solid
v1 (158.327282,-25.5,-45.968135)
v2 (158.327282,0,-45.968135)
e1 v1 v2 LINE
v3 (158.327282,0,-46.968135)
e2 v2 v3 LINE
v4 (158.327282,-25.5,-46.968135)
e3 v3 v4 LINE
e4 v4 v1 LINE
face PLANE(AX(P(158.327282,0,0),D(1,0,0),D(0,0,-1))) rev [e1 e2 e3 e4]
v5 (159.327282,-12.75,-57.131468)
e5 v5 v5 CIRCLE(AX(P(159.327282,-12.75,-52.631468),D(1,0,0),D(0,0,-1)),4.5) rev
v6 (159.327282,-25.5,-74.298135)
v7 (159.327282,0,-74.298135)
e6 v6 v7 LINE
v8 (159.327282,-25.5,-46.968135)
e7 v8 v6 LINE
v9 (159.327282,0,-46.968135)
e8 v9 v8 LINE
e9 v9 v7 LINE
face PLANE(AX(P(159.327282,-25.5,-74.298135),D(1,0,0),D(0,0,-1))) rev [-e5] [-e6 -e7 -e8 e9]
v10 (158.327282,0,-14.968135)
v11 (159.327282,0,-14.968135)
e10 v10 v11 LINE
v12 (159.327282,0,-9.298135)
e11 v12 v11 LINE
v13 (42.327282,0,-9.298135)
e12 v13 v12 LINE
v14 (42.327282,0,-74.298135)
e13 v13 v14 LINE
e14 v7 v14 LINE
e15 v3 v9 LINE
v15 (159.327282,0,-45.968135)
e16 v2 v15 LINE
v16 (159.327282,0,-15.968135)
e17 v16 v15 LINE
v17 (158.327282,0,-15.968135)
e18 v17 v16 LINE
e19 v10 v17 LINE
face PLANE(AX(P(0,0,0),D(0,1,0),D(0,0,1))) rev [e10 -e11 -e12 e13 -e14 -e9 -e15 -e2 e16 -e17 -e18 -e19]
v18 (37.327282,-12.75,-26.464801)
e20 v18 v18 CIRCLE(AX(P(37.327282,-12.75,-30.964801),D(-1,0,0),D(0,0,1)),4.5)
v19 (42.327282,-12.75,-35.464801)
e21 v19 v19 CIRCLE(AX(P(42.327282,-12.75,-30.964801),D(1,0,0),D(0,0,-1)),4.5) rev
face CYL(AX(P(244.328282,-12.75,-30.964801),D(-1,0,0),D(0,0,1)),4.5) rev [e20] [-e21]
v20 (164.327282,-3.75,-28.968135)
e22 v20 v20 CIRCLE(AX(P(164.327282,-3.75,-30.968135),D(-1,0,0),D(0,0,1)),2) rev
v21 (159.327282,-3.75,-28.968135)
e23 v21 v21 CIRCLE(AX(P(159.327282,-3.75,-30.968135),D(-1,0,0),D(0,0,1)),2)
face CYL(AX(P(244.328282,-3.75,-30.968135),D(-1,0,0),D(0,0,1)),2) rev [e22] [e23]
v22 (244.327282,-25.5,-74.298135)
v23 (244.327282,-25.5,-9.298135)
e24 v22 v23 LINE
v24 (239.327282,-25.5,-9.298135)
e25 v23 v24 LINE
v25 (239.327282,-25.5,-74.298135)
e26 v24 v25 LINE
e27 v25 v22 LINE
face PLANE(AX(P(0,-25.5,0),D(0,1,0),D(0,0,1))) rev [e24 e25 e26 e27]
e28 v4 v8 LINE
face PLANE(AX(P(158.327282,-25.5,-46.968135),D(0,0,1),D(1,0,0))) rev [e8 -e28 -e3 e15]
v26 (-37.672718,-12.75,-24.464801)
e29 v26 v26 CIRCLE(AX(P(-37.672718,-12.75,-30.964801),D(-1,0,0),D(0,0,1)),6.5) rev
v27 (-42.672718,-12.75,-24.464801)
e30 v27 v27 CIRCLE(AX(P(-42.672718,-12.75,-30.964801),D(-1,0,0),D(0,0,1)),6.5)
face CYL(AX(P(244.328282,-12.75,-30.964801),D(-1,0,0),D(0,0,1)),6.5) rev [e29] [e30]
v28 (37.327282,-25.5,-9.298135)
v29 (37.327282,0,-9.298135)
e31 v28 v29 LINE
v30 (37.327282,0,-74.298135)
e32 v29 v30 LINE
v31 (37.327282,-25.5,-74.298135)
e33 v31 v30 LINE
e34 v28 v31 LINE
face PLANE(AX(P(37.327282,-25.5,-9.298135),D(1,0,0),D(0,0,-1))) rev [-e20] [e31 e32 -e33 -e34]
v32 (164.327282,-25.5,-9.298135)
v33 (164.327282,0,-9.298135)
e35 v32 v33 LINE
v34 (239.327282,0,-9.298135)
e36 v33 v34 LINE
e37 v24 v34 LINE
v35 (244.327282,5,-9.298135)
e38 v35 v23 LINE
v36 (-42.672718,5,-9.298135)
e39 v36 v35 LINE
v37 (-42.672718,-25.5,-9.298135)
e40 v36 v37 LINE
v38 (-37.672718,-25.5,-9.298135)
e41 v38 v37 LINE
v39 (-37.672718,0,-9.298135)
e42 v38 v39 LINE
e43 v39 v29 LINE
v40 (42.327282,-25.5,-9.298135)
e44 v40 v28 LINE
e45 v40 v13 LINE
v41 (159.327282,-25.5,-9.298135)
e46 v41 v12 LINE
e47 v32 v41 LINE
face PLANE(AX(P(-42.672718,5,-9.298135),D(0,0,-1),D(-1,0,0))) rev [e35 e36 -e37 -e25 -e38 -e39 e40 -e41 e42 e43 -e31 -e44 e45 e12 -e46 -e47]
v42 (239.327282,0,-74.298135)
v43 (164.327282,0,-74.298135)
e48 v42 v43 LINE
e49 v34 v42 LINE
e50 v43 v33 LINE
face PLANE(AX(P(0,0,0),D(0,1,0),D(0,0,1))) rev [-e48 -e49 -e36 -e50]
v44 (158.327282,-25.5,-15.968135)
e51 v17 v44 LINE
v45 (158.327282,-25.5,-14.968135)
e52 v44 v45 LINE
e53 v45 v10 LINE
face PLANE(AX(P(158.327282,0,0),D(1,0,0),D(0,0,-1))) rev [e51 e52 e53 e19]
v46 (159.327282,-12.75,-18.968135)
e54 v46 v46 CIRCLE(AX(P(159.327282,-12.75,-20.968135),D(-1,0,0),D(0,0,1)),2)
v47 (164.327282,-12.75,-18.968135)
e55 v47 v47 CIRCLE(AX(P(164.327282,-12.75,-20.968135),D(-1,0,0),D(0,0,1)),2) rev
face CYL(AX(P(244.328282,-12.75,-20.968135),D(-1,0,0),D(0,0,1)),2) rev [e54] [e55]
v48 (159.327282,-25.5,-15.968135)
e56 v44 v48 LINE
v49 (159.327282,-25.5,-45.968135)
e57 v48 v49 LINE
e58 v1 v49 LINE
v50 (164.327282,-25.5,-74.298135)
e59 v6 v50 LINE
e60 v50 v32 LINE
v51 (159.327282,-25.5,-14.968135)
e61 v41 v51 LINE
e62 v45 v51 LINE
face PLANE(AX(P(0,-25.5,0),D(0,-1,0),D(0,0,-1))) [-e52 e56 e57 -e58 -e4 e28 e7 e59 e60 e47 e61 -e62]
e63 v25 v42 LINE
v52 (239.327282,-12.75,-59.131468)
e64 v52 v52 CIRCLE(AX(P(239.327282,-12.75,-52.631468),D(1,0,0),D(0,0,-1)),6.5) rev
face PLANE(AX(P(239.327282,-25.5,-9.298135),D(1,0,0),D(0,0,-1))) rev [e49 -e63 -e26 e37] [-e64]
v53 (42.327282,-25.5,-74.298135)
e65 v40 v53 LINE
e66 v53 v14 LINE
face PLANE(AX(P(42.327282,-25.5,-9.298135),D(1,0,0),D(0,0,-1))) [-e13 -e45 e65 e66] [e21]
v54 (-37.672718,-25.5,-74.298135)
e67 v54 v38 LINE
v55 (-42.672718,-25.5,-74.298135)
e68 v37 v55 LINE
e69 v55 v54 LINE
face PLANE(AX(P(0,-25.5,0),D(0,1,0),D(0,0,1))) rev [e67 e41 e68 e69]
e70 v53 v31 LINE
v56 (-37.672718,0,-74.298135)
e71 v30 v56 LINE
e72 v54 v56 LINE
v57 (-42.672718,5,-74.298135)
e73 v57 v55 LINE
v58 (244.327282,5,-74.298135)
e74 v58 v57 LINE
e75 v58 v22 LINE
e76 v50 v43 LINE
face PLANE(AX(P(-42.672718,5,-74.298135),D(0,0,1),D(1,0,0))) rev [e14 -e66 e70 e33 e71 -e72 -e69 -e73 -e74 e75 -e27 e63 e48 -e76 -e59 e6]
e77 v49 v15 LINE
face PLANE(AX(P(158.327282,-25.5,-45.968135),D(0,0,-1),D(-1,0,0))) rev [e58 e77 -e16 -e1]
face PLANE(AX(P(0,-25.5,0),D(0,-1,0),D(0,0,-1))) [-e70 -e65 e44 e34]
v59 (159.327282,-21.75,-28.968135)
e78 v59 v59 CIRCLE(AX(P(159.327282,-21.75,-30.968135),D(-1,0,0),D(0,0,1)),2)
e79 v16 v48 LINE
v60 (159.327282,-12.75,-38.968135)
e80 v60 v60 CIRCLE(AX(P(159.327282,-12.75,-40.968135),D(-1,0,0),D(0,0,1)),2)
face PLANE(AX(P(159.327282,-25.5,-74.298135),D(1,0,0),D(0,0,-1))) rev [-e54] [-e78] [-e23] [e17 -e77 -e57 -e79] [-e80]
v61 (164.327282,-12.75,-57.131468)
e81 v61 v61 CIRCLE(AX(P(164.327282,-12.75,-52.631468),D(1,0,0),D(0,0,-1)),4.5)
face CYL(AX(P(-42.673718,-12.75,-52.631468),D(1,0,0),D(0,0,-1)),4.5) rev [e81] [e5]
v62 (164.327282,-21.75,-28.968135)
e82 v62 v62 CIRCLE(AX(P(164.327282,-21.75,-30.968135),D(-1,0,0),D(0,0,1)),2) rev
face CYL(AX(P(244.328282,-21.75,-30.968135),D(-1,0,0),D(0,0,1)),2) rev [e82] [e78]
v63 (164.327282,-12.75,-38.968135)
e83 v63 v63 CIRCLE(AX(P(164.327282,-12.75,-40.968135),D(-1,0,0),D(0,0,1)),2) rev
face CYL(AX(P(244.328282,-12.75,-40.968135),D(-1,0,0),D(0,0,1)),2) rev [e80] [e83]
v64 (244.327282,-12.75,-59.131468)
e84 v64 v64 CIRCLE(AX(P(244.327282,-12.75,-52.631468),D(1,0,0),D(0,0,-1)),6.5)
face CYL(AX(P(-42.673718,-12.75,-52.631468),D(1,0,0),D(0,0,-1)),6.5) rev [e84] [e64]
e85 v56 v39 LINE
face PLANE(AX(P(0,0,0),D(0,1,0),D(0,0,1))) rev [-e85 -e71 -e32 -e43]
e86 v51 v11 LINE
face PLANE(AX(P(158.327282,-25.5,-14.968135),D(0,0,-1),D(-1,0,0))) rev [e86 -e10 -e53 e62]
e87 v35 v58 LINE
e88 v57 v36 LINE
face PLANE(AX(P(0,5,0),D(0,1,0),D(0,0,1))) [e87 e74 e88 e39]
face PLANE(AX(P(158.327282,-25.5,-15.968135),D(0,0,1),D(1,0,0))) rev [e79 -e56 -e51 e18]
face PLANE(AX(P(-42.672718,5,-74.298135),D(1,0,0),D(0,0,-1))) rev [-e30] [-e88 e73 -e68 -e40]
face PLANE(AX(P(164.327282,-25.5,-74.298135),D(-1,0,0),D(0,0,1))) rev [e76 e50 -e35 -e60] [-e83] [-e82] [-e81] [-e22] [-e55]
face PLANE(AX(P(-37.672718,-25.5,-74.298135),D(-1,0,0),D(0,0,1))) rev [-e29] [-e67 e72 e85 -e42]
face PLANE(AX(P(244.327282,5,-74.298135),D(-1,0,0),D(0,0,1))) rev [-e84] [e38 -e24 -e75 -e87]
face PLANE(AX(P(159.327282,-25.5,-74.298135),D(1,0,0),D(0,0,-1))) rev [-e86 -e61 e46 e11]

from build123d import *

# Parameters (mm, degrees)
SKETCH2_W           = 287
SKETCH2_H           = 65
BOSS_EXTRUDE1_DEPTH = 5
SKETCH4_W           = 5
SKETCH4_H           = 65
BOSS_EXTRUDE2_DEPTH = 25.5
SKETCH5_W           = 5
SKETCH5_H           = 65
BOSS_EXTRUDE3_DEPTH = 25.5
SKETCH6_W           = 5
SKETCH6_H           = 65
BOSS_EXTRUDE4_DEPTH = 25.5
SKETCH8_W           = 5
SKETCH8_H           = 65
BOSS_EXTRUDE5_DEPTH = 25.5
CUT_EXTRUDE1_REACH  = 299.556
SKETCH7_R           = 6.5
CUT_EXTRUDE2_REACH  = 299.556
SKETCH9_R           = 6.5
CUT_EXTRUDE3_REACH  = 223.403
SKETCH11_R          = 4.5
CUT_EXTRUDE4_REACH  = 223.403
SKETCH10_R          = 4.5
SKETCH14_W          = 1
SKETCH14_H          = 25.5
BOSS_EXTRUDE6_DEPTH = 1
CUT_EXTRUDE6_REACH  = 218.736
SKETCH15_R          = 2


with BuildPart() as part:
    # Sketch2 → Boss-Extrude1 (new body)
    with BuildSketch(Plane(origin=(0, 0, 0), x_dir=(1, 0, 0), z_dir=(0, 1, 0))):
        with Locations((100.827281974, 41.798134807)):
            Rectangle(SKETCH2_W, SKETCH2_H)
    extrude(amount=BOSS_EXTRUDE1_DEPTH)

    # Sketch4 → Boss-Extrude2 (add)
    with BuildSketch(Plane.XZ):
        with Locations((-40.172718026, -41.798134807)):
            Rectangle(SKETCH4_W, SKETCH4_H)
    extrude(amount=BOSS_EXTRUDE2_DEPTH)

    # Sketch5 → Boss-Extrude3 (add)
    with BuildSketch(Plane.XZ):
        with Locations((39.827281974, -41.798134807)):
            Rectangle(SKETCH5_W, SKETCH5_H)
    extrude(amount=BOSS_EXTRUDE3_DEPTH)

    # Sketch6 → Boss-Extrude4 (add)
    with BuildSketch(Plane.XZ):
        with Locations((241.827281974, -41.798134807)):
            Rectangle(SKETCH6_W, SKETCH6_H)
    extrude(amount=BOSS_EXTRUDE4_DEPTH)

    # Sketch8 → Boss-Extrude5 (add)
    with BuildSketch(Plane.XZ):
        with Locations((161.827281974, -41.798134807)):
            Rectangle(SKETCH8_W, SKETCH8_H)
    extrude(amount=BOSS_EXTRUDE5_DEPTH)

    # Sketch7 → Cut-Extrude1 (cut, up to next)
    with BuildSketch(Plane.ZY.offset(42.672718026), mode=Mode.PRIVATE) as cut_extrude1_sk1:
        with Locations((-30.964801474, -12.75)):
            Circle(SKETCH7_R)
    cut_extrude1_tool1 = extrude(cut_extrude1_sk1.sketch, amount=-CUT_EXTRUDE1_REACH, mode=Mode.PRIVATE) & part.part
    add(cut_extrude1_tool1.solids().sort_by_distance((-42.672718, -12.75, -30.964801))[0], mode=Mode.SUBTRACT)

    # Sketch9 → Cut-Extrude2 (cut, up to next)
    with BuildSketch(Plane(origin=(244.327281974, 0, 0), x_dir=(0, 0, -1), z_dir=(1, 0, 0)), mode=Mode.PRIVATE) as cut_extrude2_sk1:
        with Locations((52.631468141, -12.75)):
            Circle(SKETCH9_R)
    cut_extrude2_tool1 = extrude(cut_extrude2_sk1.sketch, amount=-CUT_EXTRUDE2_REACH, mode=Mode.PRIVATE) & part.part
    add(cut_extrude2_tool1.solids().sort_by_distance((244.327282, -12.75, -52.631468))[0], mode=Mode.SUBTRACT)

    # Sketch11 → Cut-Extrude3 (cut, up to next)
    with BuildSketch(Plane(origin=(164.327281974, 0, 0), x_dir=(0, 0, -1), z_dir=(1, 0, 0)), mode=Mode.PRIVATE) as cut_extrude3_sk1:
        with Locations((52.631468141, -12.75)):
            Circle(SKETCH11_R)
    cut_extrude3_tool1 = extrude(cut_extrude3_sk1.sketch, amount=-CUT_EXTRUDE3_REACH, mode=Mode.PRIVATE) & part.part
    add(cut_extrude3_tool1.solids().sort_by_distance((164.327282, -12.75, -52.631468))[0], mode=Mode.SUBTRACT)

    # Sketch10 → Cut-Extrude4 (cut, up to next)
    with BuildSketch(Plane.ZY.offset(-37.327281974), mode=Mode.PRIVATE) as cut_extrude4_sk1:
        with Locations((-30.964801474, -12.75)):
            Circle(SKETCH10_R)
    cut_extrude4_tool1 = extrude(cut_extrude4_sk1.sketch, amount=-CUT_EXTRUDE4_REACH, mode=Mode.PRIVATE) & part.part
    add(cut_extrude4_tool1.solids().sort_by_distance((37.327282, -12.75, -30.964801))[0], mode=Mode.SUBTRACT)

    # Sketch14 → Boss-Extrude6 (add)
    with BuildSketch(Plane.ZY.offset(-159.327281974)):
        with Locations((-15.468134807, -12.75)):
            Rectangle(SKETCH14_W, SKETCH14_H)
        with Locations((-46.468134807, -12.75)):
            Rectangle(SKETCH14_W, SKETCH14_H)
    extrude(amount=BOSS_EXTRUDE6_DEPTH)

    # Sketch15 → Cut-Extrude6 (cut, up to next)
    with BuildSketch(Plane.ZY.offset(-159.327281974), mode=Mode.PRIVATE) as cut_extrude6_sk1:
        with Locations((-20.968134807, -12.75)):
            Circle(SKETCH15_R)
    cut_extrude6_tool1 = extrude(cut_extrude6_sk1.sketch, amount=-CUT_EXTRUDE6_REACH, mode=Mode.PRIVATE) & part.part
    # Sketch15 → Cut-Extrude6 (cut, up to next)
    with BuildSketch(Plane.ZY.offset(-159.327281974), mode=Mode.PRIVATE) as cut_extrude6_sk2:
        with Locations((-40.968134807, -12.75)):
            Circle(SKETCH15_R)
    cut_extrude6_tool2 = extrude(cut_extrude6_sk2.sketch, amount=-CUT_EXTRUDE6_REACH, mode=Mode.PRIVATE) & part.part
    # Sketch15 → Cut-Extrude6 (cut, up to next)
    with BuildSketch(Plane.ZY.offset(-159.327281974), mode=Mode.PRIVATE) as cut_extrude6_sk3:
        with Locations((-30.968134807, -21.75)):
            Circle(SKETCH15_R)
    cut_extrude6_tool3 = extrude(cut_extrude6_sk3.sketch, amount=-CUT_EXTRUDE6_REACH, mode=Mode.PRIVATE) & part.part
    # Sketch15 → Cut-Extrude6 (cut, up to next)
    with BuildSketch(Plane.ZY.offset(-159.327281974), mode=Mode.PRIVATE) as cut_extrude6_sk4:
        with Locations((-30.968134807, -3.75)):
            Circle(SKETCH15_R)
    cut_extrude6_tool4 = extrude(cut_extrude6_sk4.sketch, amount=-CUT_EXTRUDE6_REACH, mode=Mode.PRIVATE) & part.part
    add(cut_extrude6_tool1.solids().sort_by_distance((159.327282, -12.75, -20.968135))[0], mode=Mode.SUBTRACT)
    add(cut_extrude6_tool2.solids().sort_by_distance((159.327282, -12.75, -40.968135))[0], mode=Mode.SUBTRACT)
    add(cut_extrude6_tool3.solids().sort_by_distance((159.327282, -21.75, -30.968135))[0], mode=Mode.SUBTRACT)
    add(cut_extrude6_tool4.solids().sort_by_distance((159.327282, -3.75, -30.968135))[0], mode=Mode.SUBTRACT)


solid = part.part
